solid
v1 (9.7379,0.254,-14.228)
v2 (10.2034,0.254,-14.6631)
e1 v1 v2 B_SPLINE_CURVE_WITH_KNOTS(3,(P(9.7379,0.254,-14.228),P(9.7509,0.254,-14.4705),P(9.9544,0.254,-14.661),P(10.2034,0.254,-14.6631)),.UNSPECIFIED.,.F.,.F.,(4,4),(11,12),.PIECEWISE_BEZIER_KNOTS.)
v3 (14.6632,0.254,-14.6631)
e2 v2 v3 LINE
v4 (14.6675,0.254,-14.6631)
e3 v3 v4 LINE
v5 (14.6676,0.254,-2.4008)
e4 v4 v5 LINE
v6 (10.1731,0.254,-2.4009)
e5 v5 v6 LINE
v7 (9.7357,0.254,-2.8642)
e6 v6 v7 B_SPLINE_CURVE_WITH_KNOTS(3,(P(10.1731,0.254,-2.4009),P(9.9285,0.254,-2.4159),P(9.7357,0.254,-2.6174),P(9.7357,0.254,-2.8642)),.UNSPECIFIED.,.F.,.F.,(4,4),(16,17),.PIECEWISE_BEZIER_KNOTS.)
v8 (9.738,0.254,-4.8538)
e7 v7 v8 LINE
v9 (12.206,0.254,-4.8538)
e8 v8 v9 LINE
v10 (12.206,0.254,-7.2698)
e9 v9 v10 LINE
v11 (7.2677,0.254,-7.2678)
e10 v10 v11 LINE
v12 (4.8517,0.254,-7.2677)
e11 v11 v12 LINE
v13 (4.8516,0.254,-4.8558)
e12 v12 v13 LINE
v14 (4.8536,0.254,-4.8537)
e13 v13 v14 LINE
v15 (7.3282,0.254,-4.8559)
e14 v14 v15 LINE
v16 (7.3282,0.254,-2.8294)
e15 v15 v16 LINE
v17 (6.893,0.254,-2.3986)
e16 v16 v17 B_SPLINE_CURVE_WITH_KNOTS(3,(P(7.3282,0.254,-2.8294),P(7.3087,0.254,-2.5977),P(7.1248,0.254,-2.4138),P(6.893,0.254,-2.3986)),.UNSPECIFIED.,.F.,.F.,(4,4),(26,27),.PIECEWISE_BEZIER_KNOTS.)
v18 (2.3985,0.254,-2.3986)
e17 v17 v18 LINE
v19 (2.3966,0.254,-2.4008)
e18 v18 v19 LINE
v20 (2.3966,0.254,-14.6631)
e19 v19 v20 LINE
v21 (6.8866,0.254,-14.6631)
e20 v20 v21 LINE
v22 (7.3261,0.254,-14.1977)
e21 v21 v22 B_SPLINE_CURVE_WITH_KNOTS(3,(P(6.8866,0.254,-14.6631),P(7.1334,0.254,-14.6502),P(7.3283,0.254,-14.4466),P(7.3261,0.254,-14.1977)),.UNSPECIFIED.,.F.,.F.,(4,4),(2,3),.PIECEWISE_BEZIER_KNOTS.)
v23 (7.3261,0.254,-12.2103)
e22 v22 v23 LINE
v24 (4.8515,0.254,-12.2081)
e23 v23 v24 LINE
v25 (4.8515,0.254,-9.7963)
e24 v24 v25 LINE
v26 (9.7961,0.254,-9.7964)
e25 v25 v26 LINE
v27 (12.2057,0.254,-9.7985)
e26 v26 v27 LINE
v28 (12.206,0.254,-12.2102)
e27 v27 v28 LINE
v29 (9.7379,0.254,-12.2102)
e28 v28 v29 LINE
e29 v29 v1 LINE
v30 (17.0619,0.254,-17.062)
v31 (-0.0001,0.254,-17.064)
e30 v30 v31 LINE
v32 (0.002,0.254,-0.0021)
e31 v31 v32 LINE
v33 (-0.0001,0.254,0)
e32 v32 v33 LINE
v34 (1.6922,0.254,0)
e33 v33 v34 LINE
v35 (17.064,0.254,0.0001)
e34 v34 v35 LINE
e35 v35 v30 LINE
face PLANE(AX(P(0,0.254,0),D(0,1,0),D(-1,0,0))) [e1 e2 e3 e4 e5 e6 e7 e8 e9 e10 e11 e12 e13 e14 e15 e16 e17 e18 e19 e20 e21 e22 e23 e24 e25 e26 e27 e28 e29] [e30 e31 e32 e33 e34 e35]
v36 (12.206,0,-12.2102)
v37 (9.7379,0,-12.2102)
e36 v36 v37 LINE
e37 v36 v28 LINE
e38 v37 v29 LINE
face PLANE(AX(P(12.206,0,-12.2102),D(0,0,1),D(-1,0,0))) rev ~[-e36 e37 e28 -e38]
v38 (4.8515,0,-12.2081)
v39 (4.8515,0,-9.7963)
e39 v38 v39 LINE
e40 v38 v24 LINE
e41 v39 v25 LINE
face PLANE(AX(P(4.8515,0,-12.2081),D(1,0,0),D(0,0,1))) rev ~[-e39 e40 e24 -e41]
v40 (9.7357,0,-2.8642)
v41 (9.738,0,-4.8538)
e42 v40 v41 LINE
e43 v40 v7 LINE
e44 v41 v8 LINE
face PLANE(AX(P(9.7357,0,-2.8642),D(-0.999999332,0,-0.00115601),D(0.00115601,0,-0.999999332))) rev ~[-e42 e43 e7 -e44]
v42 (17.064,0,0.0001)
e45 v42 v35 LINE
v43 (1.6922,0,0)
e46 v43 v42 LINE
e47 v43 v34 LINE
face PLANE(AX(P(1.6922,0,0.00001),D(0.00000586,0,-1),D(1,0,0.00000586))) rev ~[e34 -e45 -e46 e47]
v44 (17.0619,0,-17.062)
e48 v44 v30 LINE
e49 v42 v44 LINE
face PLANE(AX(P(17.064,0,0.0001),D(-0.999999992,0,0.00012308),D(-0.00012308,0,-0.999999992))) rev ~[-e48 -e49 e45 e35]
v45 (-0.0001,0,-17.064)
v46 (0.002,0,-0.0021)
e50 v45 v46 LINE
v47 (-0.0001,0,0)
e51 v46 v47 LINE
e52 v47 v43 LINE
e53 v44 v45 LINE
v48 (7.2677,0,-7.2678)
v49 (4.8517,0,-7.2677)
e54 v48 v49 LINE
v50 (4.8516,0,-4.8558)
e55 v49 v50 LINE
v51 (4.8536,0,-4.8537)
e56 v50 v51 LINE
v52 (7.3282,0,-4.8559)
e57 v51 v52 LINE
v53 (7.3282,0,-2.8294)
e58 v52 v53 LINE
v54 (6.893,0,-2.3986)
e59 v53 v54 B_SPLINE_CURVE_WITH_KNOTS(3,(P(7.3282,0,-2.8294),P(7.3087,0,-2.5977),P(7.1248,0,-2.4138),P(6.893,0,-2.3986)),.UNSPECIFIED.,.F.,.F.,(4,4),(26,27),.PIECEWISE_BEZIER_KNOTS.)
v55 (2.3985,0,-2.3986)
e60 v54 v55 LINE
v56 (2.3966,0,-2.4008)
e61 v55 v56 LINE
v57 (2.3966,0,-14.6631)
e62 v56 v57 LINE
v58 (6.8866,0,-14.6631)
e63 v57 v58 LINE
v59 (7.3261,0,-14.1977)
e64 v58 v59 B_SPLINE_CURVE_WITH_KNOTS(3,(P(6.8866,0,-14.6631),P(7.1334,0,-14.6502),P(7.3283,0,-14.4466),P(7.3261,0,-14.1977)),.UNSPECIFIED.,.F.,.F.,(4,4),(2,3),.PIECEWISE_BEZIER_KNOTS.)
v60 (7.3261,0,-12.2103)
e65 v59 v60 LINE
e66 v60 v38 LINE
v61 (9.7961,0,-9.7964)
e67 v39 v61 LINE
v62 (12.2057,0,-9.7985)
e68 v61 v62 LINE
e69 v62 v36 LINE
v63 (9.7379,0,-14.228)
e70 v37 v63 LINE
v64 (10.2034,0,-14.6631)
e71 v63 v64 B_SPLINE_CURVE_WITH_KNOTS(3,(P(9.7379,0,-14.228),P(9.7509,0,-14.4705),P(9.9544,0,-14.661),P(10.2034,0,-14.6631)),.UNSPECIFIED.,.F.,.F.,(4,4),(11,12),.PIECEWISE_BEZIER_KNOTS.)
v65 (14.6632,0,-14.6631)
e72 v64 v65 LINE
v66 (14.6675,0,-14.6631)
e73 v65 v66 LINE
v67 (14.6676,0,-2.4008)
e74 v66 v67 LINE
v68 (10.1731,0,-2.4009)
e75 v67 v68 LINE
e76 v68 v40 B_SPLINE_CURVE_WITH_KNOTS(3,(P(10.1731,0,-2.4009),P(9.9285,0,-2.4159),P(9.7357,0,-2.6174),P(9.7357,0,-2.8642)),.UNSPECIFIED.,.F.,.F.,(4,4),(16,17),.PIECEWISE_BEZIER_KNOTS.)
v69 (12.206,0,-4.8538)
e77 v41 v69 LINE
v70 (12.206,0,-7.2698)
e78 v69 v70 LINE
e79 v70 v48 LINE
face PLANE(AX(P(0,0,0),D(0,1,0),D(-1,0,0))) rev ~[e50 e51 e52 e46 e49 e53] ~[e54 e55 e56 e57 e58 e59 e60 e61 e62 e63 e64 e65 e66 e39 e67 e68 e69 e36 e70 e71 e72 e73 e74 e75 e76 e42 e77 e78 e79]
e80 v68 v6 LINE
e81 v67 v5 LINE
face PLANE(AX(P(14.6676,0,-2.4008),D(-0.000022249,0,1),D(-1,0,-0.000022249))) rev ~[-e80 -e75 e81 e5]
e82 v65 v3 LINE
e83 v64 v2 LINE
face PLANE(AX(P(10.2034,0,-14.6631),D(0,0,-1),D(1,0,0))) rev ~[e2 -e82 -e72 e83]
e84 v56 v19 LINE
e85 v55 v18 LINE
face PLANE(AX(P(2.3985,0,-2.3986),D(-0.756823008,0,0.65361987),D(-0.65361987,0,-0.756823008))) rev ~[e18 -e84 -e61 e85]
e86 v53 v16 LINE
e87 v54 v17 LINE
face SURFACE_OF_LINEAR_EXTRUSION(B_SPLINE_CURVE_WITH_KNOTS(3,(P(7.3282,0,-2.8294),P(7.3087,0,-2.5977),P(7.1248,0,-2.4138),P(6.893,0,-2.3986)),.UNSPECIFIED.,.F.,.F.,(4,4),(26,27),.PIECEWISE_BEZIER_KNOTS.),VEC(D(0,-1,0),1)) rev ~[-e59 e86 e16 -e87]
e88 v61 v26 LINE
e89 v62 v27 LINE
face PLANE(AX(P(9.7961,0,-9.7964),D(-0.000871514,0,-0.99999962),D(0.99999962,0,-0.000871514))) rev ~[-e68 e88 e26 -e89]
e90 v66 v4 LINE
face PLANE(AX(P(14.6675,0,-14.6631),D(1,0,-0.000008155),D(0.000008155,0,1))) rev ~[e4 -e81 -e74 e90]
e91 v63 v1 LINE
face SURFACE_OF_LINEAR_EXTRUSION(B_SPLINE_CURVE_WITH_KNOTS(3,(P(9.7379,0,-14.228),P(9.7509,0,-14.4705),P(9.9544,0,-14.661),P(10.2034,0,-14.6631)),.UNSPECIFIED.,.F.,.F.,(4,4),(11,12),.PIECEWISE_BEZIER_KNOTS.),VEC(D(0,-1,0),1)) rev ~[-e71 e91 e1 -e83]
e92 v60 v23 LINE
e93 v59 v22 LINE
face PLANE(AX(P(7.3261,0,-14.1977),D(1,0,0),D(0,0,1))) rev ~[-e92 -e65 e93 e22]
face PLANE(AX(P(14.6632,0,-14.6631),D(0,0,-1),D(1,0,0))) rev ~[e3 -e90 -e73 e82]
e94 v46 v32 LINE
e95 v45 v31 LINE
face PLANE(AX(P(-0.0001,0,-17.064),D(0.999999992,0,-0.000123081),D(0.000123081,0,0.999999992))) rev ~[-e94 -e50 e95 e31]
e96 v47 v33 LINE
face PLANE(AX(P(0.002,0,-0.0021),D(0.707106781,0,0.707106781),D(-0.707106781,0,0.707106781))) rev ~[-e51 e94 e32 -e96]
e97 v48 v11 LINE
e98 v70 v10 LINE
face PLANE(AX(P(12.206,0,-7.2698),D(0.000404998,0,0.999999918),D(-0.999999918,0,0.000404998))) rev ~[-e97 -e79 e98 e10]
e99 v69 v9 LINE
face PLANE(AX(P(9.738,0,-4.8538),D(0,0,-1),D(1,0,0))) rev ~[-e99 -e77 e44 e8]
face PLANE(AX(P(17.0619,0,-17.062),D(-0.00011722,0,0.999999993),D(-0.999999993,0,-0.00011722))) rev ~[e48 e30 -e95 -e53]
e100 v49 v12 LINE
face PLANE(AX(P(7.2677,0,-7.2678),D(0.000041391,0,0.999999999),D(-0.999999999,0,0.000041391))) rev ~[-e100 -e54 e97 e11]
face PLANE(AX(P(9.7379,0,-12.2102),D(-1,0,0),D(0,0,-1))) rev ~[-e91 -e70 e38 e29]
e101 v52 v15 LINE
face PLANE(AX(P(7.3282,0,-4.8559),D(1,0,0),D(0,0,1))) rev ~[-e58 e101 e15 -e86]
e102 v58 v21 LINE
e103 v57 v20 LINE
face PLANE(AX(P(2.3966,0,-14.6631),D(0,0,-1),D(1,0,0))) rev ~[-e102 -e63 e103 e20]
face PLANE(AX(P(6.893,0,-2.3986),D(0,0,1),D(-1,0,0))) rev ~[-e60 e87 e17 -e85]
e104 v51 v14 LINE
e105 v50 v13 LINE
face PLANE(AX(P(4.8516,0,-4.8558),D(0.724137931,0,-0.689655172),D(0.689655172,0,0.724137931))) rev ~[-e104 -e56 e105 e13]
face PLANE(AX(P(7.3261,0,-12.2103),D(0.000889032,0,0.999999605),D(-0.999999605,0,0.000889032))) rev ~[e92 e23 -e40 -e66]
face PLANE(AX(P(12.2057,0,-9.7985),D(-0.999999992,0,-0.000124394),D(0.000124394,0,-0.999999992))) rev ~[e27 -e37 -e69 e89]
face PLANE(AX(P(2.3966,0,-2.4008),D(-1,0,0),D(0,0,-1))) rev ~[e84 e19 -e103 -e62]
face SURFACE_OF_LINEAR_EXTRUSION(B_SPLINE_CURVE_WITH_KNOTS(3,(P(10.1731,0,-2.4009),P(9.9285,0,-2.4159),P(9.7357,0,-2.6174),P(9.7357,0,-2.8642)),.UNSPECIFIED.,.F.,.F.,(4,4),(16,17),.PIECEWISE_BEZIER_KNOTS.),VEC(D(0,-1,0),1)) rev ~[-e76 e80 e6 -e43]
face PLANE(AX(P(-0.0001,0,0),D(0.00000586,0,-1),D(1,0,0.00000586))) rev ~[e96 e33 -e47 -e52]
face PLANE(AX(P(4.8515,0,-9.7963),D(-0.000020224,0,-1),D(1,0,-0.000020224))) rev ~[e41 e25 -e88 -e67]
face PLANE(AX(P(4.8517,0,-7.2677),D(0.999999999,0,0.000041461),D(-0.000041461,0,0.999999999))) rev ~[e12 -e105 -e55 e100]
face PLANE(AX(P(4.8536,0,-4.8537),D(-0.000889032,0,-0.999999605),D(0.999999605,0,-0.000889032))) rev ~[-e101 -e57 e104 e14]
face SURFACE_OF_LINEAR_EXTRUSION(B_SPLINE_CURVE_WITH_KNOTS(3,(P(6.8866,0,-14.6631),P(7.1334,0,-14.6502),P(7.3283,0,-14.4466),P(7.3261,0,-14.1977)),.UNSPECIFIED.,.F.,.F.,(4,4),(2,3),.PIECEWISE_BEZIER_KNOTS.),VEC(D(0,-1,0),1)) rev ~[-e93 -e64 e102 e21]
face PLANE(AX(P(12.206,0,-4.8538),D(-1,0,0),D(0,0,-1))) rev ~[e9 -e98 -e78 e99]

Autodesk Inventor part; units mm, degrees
ref_plane "YZ Plane" through (0, 0, 0) normal (1, 0, 0) x (0, 1, 0)
ref_plane "XZ Plane" through (0, 0, 0) normal (0, 1, 0) x (-1, 0, 0)
ref_plane "XY Plane" through (0, 0, 0) normal (0, 0, 1) x (1, 0, 0)
sketch "Sketch1" plane through (0, 0, 0) normal (0, 1, 0) x (-1, 0, 0)
  line L0 (0.0001, 0.003) -> (0.0001, 0)
  line L1 (0.0001, -17.064) -> (-0.002, -0.0021)
  line L2 (-2.3966, -2.4008) -> (-2.3966, -14.6631)
  line L3 (-2.3966, -14.6631) -> (-6.8866, -14.6631)
  spline S0 degree 3 poles (-6.8866, -14.6631) (-7.1334, -14.6502) (-7.3283, -14.4466) (-7.3261, -14.1977) knots 2 2 2 2 3 3 3 3
  line L4 (-6.8866, -14.6631) -> (-7.1334, -14.6502) construction
  line L5 (-7.1334, -14.6502) -> (-7.3283, -14.4466) construction
  line L6 (-7.3283, -14.4466) -> (-7.3261, -14.1977) construction
  line L7 (-7.2677, -7.2678) -> (-4.8517, -7.2677)
  line L8 (-9.7961, -9.7964) -> (-12.2057, -9.7985)
  line L9 (-4.8515, -9.7963) -> (-9.7961, -9.7964)
  line L10 (-4.8515, -12.2081) -> (-4.8515, -9.7963)
  line L11 (-7.3261, -12.2103) -> (-4.8515, -12.2081)
  line L12 (-7.3261, -14.1977) -> (-7.3261, -12.2103)
  line L13 (-12.2057, -9.7985) -> (-12.206, -12.2102)
  line L14 (-17.0619, -17.062) -> (0.0001, -17.064)
  line L15 (-12.206, -12.2102) -> (-9.7379, -12.2102)
  line L16 (-9.7379, -12.2102) -> (-9.7379, -14.228)
  line L17 (-9.7379, -14.228) -> (-9.7509, -14.4705) construction
  spline S1 degree 3 poles (-9.7379, -14.228) (-9.7509, -14.4705) (-9.9544, -14.661) (-10.2034, -14.6631) knots 11 11 11 11 12 12 12 12
  line L18 (-9.7509, -14.4705) -> (-9.9544, -14.661) construction
  line L19 (-9.9544, -14.661) -> (-10.2034, -14.6631) construction
  line L20 (-14.6632, -14.6631) -> (-14.6675, -14.6631)
  line L21 (-10.2034, -14.6631) -> (-14.6632, -14.6631)
  line L22 (-17.064, 0.0001) -> (-17.0619, -17.062)
  line L23 (-12.206, -7.2698) -> (-7.2677, -7.2678)
  line L24 (-14.6675, -14.6631) -> (-14.6676, -2.4008)
  line L25 (-12.206, -4.8538) -> (-12.206, -7.2698)
  line L26 (-9.7357, -2.8642) -> (-9.738, -4.8538)
  line L27 (-9.738, -4.8538) -> (-12.206, -4.8538)
  line L28 (-9.7357, -2.6174) -> (-9.7357, -2.8642) construction
  spline S2 degree 3 poles (-10.1731, -2.4009) (-9.9285, -2.4159) (-9.7357, -2.6174) (-9.7357, -2.8642) knots 16 16 16 16 17 17 17 17
  line L29 (-10.1731, -2.4009) -> (-9.9285, -2.4159) construction
  line L30 (-9.9285, -2.4159) -> (-9.7357, -2.6174) construction
  line L31 (-14.6676, -2.4008) -> (-10.1731, -2.4009)
  line L32 (-0.002, -0.0021) -> (0.0001, 0)
  line L33 (0.0001, 0) -> (-17.064, 0.0001)
  line L34 (-4.8517, -7.2677) -> (-4.8516, -4.8558)
  line L35 (-7.3282, -4.8559) -> (-7.3282, -2.8294)
  line L36 (-4.8536, -4.8537) -> (-7.3282, -4.8559)
  line L37 (-7.3087, -2.5977) -> (-7.1248, -2.4138) construction
  spline S3 degree 3 poles (-7.3282, -2.8294) (-7.3087, -2.5977) (-7.1248, -2.4138) (-6.893, -2.3986) knots 26 26 26 26 27 27 27 27
  line L38 (-7.3282, -2.8294) -> (-7.3087, -2.5977) construction
  line L39 (-7.1248, -2.4138) -> (-6.893, -2.3986) construction
  line L40 (-4.8516, -4.8558) -> (-4.8536, -4.8537)
  line L41 (-6.893, -2.3986) -> (-2.3985, -2.3986)
  line L42 (-2.3985, -2.3986) -> (-2.3964, -2.4007)
  line L43 (-2.3964, -2.4007) -> (-2.3966, -2.4008)
  line L44 (15.402, -0.0001) -> (-1.6922, 0)
  dimension "d2" = 17.0942
extrude "Extrusion1" add sketch "Sketch1" along normal blind 0.254
properties part number "Logo Inlay"
